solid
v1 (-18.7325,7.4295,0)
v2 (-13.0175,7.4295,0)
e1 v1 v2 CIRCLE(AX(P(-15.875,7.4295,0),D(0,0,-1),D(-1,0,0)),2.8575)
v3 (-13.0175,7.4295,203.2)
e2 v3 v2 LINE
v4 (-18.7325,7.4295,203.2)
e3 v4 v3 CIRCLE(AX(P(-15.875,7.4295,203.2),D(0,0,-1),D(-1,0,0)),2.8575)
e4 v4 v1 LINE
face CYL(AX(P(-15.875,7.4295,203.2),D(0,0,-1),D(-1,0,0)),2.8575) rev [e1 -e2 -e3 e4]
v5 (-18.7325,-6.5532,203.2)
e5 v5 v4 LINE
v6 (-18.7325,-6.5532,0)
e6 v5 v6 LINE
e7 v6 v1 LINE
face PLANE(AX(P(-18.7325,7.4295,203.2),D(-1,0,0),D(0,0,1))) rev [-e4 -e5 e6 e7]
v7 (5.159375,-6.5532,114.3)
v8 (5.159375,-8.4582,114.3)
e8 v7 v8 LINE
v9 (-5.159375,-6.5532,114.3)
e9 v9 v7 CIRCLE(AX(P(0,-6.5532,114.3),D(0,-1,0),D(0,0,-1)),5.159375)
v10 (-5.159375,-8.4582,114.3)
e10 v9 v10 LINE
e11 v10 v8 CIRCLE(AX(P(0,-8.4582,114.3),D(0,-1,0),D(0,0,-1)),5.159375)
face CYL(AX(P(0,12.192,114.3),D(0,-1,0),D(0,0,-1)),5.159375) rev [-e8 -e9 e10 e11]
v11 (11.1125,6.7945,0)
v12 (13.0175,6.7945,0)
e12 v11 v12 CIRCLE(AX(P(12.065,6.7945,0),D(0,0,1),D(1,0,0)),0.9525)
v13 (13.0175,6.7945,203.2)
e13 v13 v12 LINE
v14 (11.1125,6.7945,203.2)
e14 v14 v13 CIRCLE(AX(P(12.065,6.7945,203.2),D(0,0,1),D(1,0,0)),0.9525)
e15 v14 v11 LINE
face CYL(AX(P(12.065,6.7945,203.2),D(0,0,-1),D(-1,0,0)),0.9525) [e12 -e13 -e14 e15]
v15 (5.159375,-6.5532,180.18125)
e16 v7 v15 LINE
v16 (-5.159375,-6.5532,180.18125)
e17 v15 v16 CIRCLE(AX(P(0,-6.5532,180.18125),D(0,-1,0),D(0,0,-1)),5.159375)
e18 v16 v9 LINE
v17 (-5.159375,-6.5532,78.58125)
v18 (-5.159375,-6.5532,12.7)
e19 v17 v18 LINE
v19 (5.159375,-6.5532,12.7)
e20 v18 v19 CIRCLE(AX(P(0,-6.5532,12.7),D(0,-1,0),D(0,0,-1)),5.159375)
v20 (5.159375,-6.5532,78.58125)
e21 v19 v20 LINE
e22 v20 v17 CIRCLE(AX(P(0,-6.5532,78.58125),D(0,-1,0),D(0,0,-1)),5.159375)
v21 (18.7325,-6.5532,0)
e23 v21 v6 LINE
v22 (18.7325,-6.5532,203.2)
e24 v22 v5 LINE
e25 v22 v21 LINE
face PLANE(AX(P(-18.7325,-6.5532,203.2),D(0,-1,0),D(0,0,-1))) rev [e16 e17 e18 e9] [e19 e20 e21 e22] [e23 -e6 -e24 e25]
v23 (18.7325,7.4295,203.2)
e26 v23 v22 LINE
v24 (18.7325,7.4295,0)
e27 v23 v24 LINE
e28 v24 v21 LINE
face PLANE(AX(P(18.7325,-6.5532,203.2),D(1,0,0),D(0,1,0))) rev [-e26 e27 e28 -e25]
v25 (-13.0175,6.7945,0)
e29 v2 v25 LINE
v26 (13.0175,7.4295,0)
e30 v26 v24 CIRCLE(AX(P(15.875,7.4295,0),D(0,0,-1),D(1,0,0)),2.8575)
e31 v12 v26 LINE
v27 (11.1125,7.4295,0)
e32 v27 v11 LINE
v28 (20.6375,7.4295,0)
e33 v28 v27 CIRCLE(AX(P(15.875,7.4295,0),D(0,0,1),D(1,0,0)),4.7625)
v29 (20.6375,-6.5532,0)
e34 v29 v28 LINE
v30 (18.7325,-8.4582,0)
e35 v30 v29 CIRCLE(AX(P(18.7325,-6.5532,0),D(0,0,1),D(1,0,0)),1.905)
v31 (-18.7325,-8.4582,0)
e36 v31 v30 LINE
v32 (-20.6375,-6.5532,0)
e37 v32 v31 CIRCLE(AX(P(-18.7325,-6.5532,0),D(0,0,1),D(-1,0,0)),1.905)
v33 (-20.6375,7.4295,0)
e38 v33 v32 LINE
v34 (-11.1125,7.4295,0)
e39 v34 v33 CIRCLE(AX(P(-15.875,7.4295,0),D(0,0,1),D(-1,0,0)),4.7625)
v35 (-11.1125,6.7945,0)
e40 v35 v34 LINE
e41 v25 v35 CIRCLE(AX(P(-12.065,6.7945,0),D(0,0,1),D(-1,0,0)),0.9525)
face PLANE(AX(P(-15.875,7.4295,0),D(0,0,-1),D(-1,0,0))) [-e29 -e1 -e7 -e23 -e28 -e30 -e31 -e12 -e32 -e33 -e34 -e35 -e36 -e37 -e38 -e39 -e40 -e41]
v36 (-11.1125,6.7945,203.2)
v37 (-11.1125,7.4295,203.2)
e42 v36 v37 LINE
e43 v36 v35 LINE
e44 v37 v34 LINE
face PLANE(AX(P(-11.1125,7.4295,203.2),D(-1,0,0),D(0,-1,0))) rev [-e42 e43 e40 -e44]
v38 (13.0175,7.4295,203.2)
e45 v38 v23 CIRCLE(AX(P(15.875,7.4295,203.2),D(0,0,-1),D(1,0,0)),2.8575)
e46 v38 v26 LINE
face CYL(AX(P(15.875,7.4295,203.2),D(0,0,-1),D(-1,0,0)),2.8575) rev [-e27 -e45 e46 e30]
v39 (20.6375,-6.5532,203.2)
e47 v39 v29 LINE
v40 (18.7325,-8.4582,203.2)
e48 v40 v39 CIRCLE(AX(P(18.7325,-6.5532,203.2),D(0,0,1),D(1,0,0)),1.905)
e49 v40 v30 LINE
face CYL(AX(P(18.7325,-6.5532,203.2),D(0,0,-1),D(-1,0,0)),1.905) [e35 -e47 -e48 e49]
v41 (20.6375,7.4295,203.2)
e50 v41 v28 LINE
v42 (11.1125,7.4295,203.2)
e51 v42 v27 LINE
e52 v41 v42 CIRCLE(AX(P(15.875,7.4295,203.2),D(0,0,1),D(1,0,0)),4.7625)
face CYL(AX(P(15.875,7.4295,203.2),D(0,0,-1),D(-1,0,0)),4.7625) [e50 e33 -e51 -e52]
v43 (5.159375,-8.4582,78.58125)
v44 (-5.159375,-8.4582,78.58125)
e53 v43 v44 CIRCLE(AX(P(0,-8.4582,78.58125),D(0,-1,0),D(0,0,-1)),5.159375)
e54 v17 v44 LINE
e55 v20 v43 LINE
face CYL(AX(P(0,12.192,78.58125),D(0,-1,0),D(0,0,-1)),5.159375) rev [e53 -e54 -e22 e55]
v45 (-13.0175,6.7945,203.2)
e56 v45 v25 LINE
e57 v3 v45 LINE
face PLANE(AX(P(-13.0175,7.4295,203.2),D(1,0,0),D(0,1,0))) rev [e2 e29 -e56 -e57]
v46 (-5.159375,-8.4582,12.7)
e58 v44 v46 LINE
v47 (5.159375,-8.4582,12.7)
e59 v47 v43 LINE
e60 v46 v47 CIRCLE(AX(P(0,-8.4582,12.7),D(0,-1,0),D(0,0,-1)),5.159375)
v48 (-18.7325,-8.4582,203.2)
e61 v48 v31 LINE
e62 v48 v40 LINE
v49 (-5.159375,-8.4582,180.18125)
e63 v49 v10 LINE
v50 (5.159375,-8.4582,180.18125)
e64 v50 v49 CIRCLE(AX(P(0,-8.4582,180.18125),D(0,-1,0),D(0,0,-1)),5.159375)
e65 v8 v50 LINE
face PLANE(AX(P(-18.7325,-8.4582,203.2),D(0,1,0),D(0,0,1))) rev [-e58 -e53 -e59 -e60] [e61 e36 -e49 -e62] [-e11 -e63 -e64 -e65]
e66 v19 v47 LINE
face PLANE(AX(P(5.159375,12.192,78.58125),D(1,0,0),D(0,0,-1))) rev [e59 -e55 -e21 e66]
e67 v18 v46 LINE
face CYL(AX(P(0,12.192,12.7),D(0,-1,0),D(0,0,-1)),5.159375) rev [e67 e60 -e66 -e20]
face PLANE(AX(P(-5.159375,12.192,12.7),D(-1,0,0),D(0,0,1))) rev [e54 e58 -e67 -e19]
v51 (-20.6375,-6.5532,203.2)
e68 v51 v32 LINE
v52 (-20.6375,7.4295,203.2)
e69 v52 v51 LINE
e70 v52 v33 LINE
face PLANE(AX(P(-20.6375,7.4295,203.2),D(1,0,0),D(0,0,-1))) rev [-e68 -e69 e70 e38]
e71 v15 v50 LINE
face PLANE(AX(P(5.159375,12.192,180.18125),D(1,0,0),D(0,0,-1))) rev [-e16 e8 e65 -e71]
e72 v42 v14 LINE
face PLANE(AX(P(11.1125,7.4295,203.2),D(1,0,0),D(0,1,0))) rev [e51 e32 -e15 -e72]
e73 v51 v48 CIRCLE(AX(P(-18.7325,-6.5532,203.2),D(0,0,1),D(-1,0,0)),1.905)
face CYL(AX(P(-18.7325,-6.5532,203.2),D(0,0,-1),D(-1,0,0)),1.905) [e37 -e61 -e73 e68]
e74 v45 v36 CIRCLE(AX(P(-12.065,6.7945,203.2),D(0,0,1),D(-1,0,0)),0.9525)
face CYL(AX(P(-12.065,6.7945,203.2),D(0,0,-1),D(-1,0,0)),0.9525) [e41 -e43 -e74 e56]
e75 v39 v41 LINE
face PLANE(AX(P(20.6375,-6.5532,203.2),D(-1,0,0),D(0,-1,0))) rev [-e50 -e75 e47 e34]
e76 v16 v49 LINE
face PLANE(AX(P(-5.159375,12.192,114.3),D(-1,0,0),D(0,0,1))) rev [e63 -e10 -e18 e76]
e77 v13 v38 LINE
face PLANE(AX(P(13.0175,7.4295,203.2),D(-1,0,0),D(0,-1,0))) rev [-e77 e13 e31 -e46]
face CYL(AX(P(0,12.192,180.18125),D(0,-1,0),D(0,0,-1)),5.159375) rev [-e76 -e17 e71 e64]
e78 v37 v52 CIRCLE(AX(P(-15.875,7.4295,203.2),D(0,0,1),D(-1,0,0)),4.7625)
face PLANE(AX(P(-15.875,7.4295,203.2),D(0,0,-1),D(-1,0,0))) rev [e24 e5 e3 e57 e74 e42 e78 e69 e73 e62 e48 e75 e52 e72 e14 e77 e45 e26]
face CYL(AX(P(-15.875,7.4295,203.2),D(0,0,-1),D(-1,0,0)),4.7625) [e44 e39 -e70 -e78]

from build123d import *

# Parameters (mm, degrees)
BASE_EXTRUDE_DEPTH = 203.2
SLOT_DEPTH         = 214.573909575
LPATTERN1_COUNT    = 2
LPATTERN1_PITCH    = 101.6


with BuildPart() as part:
    # Sketch1 → Base-Extrude (new body)
    with BuildSketch(Plane.XY):
        with BuildLine():
            Line((-20.6375, 7.4295), (-20.6375, -6.5532))
            ThreePointArc((-20.6375, -6.5532), (-20.079538418, -7.900238418), (-18.7325, -8.4582))
            Line((-18.7325, -8.4582), (18.7325, -8.4582))
            ThreePointArc((18.7325, -8.4582), (20.079538418, -7.900238418), (20.6375, -6.5532))
            Line((20.6375, -6.5532), (20.6375, 7.4295))
            ThreePointArc((20.6375, 7.4295), (15.875, 12.192), (11.1125, 7.4295))
            Line((11.1125, 7.4295), (11.1125, 6.7945))
            ThreePointArc((11.1125, 6.7945), (12.065, 5.842), (13.0175, 6.7945))
            Line((13.0175, 6.7945), (13.0175, 7.4295))
            ThreePointArc((13.0175, 7.4295), (15.875, 10.287), (18.7325, 7.4295))
            Line((18.7325, 7.4295), (18.7325, -6.5532))
            Line((18.7325, -6.5532), (-18.7325, -6.5532))
            Line((-18.7325, -6.5532), (-18.7325, 7.4295))
            ThreePointArc((-18.7325, 7.4295), (-15.875, 10.287), (-13.0175, 7.4295))
            Line((-13.0175, 7.4295), (-13.0175, 6.7945))
            ThreePointArc((-13.0175, 6.7945), (-12.065, 5.842), (-11.1125, 6.7945))
            Line((-11.1125, 6.7945), (-11.1125, 7.4295))
            ThreePointArc((-11.1125, 7.4295), (-15.875, 12.192), (-20.6375, 7.4295))
        make_face()
    extrude(amount=BASE_EXTRUDE_DEPTH)

    # Sketch2 → Slot (cut, through all)
    with BuildSketch(Plane(origin=(-0.560706402, -8.4582, -8.313640545), x_dir=(1, 0, 0), z_dir=(0, -1, 0))):
        with BuildLine():
            Line((5.720081402, 86.894890545), (5.720081402, 21.013640545))
            ThreePointArc((5.720081402, 21.013640545), (0.560706402, 15.854265545), (-4.598668598, 21.013640545))
            Line((-4.598668598, 21.013640545), (-4.598668598, 86.894890545))
            ThreePointArc((-4.598668598, 86.894890545), (0.560706402, 92.054265545), (5.720081402, 86.894890545))
        make_face()
    slot = extrude(amount=-SLOT_DEPTH, mode=Mode.SUBTRACT)

    # LPattern1: Slot ×2
    with Locations(*[(0, 0, i * LPATTERN1_PITCH) for i in range(1, LPATTERN1_COUNT)]):
        add(slot, mode=Mode.SUBTRACT)


solid = part.part
